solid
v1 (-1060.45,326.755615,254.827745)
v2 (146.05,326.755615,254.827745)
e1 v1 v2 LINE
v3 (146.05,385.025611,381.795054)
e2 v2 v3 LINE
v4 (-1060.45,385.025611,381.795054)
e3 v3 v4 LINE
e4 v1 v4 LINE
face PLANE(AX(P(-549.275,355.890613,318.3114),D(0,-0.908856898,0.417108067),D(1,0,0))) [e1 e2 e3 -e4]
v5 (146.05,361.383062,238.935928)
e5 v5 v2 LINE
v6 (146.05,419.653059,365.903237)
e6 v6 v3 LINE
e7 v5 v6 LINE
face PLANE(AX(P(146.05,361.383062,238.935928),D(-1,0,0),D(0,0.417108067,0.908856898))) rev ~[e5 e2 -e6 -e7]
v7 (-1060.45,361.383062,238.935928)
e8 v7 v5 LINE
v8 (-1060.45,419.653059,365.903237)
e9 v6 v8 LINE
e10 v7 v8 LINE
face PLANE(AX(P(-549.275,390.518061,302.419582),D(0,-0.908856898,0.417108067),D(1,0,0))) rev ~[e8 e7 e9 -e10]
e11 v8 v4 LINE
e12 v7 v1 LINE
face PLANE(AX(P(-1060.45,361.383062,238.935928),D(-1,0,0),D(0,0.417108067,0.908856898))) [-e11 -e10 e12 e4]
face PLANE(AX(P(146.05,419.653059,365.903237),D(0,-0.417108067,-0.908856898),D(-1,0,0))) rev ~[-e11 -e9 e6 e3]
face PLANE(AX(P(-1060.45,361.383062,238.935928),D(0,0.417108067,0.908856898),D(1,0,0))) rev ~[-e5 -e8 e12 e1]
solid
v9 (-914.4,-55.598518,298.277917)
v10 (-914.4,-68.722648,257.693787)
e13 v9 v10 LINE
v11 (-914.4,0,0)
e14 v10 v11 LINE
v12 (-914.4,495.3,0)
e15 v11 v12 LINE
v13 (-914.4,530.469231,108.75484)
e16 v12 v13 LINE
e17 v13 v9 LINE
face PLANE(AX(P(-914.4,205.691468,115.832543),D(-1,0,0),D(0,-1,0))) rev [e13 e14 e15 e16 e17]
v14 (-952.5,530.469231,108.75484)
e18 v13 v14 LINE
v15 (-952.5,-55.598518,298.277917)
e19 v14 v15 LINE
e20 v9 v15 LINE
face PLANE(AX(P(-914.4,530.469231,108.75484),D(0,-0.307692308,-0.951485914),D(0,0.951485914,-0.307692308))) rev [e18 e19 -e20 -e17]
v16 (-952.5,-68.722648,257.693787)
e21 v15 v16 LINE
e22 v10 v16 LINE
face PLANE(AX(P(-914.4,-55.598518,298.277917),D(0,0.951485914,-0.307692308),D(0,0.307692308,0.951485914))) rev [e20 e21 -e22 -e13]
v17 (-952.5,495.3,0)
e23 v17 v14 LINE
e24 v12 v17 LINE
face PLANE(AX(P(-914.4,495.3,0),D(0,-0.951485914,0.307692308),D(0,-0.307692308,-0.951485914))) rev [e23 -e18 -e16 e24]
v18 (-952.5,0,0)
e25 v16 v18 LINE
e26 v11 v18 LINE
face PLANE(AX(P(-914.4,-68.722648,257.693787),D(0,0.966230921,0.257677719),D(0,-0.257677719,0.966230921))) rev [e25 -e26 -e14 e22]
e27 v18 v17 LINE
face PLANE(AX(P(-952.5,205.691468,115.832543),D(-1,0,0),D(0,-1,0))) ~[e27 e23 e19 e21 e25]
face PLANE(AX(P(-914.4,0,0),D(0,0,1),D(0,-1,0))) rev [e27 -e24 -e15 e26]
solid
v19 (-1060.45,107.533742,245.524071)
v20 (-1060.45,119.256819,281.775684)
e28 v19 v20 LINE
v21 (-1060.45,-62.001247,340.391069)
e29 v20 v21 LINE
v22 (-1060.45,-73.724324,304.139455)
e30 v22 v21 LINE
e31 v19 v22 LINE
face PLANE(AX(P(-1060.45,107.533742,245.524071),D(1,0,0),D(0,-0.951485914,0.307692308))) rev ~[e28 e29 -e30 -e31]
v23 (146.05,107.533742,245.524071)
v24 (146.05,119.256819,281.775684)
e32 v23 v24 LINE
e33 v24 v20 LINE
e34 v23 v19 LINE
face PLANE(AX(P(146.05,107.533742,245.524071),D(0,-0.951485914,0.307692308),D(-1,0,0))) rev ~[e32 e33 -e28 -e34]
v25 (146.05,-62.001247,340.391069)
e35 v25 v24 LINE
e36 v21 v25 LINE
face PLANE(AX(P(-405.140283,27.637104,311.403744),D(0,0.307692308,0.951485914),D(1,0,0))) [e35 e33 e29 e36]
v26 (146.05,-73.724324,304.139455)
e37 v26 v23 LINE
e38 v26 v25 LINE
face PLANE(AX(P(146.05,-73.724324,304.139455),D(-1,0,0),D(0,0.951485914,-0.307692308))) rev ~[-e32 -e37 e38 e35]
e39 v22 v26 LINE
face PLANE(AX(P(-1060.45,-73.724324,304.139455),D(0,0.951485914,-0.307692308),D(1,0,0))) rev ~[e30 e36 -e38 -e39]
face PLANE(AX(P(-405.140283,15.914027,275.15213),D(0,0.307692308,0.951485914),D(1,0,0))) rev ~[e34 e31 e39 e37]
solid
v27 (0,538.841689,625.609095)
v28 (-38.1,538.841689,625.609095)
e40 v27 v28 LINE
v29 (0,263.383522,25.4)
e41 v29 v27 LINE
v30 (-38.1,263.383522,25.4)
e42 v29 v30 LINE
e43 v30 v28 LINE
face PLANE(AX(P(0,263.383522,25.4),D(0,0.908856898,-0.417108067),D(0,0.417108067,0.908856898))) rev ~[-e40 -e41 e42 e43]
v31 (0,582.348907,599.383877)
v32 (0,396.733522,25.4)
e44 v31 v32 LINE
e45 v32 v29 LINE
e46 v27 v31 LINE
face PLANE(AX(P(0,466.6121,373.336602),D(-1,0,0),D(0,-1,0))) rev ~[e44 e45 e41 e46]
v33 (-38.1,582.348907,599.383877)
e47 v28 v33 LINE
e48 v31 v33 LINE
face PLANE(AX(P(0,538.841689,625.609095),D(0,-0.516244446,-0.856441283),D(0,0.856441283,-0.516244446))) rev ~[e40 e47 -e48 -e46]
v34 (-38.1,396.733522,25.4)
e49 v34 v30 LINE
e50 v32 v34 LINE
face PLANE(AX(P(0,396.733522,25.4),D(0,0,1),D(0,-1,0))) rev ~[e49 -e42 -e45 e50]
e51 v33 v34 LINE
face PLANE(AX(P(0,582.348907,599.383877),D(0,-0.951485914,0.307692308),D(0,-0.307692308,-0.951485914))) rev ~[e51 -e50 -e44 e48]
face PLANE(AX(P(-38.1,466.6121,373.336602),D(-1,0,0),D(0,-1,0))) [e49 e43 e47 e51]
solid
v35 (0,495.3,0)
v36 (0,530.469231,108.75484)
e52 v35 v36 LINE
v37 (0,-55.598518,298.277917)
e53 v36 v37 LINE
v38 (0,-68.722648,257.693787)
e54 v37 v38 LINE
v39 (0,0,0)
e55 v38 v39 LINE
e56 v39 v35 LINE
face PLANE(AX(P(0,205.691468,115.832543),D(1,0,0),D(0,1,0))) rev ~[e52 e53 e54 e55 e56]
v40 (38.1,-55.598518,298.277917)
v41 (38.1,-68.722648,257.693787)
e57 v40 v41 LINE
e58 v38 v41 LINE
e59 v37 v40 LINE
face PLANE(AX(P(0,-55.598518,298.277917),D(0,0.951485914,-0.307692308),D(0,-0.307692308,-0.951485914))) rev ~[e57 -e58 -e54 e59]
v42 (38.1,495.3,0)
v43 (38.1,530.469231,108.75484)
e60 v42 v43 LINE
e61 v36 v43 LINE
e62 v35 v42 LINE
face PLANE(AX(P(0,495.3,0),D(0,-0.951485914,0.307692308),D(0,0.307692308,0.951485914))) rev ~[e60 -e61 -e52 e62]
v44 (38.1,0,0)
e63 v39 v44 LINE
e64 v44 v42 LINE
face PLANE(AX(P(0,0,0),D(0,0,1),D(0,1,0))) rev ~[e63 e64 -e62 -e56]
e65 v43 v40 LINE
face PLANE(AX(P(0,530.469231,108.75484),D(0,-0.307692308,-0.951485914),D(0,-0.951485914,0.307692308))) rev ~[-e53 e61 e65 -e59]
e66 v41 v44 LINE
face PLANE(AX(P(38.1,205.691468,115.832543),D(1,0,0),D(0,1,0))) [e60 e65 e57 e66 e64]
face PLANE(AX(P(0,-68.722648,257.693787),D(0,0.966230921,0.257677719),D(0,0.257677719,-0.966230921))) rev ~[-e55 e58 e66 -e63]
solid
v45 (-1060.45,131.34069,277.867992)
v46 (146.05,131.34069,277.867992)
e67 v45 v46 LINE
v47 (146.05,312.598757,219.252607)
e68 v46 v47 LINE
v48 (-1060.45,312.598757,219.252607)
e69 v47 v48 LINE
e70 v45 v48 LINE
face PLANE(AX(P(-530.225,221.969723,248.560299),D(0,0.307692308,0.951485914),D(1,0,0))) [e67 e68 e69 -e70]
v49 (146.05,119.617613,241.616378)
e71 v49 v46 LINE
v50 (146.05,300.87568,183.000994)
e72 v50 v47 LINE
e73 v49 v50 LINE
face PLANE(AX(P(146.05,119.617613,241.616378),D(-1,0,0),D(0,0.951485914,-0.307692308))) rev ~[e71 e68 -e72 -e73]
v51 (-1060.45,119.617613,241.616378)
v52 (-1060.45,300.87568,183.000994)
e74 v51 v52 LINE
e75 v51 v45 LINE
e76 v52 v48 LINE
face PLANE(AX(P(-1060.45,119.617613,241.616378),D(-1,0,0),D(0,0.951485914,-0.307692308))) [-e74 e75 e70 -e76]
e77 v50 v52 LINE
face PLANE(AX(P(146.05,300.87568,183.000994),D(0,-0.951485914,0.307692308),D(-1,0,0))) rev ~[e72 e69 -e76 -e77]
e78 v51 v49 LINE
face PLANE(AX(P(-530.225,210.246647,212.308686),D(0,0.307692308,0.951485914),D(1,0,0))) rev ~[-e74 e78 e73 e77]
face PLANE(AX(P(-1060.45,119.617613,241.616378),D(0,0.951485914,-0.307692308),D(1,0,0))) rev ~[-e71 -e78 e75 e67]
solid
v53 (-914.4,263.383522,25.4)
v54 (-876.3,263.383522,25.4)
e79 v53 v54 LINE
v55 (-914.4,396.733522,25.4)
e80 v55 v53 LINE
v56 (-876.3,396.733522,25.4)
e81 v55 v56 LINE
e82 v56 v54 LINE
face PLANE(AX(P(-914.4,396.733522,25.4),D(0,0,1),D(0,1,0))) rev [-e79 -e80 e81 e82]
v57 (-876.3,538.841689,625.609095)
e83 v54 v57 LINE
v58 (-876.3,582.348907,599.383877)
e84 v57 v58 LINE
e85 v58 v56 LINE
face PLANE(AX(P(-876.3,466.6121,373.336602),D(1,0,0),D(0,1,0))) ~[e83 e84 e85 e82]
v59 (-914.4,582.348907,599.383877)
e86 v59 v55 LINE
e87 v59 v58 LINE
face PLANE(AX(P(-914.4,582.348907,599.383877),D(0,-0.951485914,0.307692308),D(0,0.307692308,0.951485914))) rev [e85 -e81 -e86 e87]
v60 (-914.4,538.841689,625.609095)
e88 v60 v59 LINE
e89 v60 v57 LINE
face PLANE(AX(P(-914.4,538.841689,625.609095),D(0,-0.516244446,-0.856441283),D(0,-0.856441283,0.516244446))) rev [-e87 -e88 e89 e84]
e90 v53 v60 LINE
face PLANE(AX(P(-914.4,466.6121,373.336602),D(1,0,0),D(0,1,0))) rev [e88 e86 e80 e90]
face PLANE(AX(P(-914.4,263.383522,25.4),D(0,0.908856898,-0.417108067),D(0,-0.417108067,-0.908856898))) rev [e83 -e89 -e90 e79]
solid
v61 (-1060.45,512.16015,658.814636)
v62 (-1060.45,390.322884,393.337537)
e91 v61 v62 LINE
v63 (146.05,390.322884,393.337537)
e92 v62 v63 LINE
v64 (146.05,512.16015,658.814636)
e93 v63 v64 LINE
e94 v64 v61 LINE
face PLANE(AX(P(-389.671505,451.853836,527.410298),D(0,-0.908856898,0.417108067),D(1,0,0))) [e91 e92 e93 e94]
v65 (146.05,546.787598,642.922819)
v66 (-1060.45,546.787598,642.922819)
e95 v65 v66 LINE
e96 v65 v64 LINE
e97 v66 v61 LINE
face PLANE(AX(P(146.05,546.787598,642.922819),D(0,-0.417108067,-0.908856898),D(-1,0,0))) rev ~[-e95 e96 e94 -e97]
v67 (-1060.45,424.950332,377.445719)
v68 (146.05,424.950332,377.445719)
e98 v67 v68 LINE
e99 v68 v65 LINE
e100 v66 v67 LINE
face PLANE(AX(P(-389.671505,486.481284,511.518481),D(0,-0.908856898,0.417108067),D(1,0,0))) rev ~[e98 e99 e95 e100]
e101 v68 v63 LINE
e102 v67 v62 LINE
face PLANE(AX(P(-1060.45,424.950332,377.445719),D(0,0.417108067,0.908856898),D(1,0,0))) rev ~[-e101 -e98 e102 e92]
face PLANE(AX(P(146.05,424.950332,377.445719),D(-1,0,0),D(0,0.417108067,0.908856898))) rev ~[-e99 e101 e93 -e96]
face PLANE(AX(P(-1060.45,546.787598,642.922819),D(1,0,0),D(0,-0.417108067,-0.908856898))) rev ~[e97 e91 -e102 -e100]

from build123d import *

# Parameters (mm, degrees)
F1_DEPTH = 38.1
F3_DEPTH = 38.1
F6_W     = 38.1
F6_H     = 273.05
F7_DEPTH = 38.1
F6_W_2   = 1022.35
F6_H_2   = 139.7
F6_W_3   = 146.05
F8_W     = 38.1
F8_H     = 171.45
F9_DEPTH = 38.1
F8_W_2   = 1060.45
F8_H_2   = 190.5
F8_W_3   = 107.95


with BuildPart() as f1:
    # F0 (on Right) → F1 (new body)
    with BuildSketch(Plane.YZ):
        Polygon((-68.7226475372, 257.6937867227), (0, 0), (495.3, 0), (530.4692307692, 108.7548399249), (-55.5985177152, 298.277916848), align=None)
    extrude(amount=F1_DEPTH)


with BuildPart() as f3:
    # F2 (on face) → F3 (new body)
    with BuildSketch(Plane(origin=(0, 0, 0), x_dir=(0, -1, 0), z_dir=(-1, 0, 0))):
        Polygon((-433.7982619471, 140.0163783865), (-331.2104274496, 173.1913178011), (-538.8416894006, 625.6090952361), (-582.3489066006, 599.3838773817), align=None)
        Polygon((-396.7335219852, 25.4), (-263.3835219852, 25.4), (-331.2104274496, 173.1913178011), (-433.7982619471, 140.0163783865), align=None)
    extrude(amount=F3_DEPTH)


with BuildPart() as f5_1:
    # F5: instance of F1
    add(f1.part.mirror(Plane.YZ.offset(-457.2)))


with BuildPart() as f5_2:
    # F5: instance of F3
    add(f3.part.mirror(Plane.YZ.offset(-457.2)))


with BuildPart() as f7:
    # F6 (on face) → F7 (new body)
    with BuildSketch(Plane(origin=(0, 207.9313582565, -95.4273957995), x_dir=(1, 0, 0), z_dir=(0, -0.9088568977, 0.417108067))):
        Polygon((146.05, 812.3943569238), (-1060.45, 812.3943569238), (-1060.45, 520.2943569238), (-38.1, 520.2943569238), (-38.1, 793.3443569238), (0, 793.3443569238), (0, 520.2943569238), (146.05, 520.2943569238), align=None)
        with Locations((-19.05, 656.8193569238)):
            Rectangle(F6_W, F6_H)
    extrude(amount=F7_DEPTH)


with BuildPart() as f7b:
    # F6 (on face) → F7, piece 2 (new body)
    with BuildSketch(Plane(origin=(0, 207.9313582565, -95.4273957995), x_dir=(1, 0, 0), z_dir=(0, -0.9088568977, 0.417108067))):
        with Locations((-549.275, 437.7443569238)):
            Rectangle(F6_W_2, F6_H_2)
        with Locations((73.025, 437.7443569238)):
            Rectangle(F6_W_3, F6_H_2)
        with Locations((-19.05, 437.7443569238)):
            Rectangle(F6_W, F6_H_2)
    extrude(amount=F7_DEPTH)


with BuildPart() as f9:
    # F8 (on face) → F9 (new body)
    with BuildSketch(Plane(origin=(0, 82.0615384615, 253.7612931582), x_dir=(1, 0, 0), z_dir=(0, 0.3076923077, 0.9514859136))):
        Polygon((-1060.45, 26.7709730081), (-1060.45, -163.7290269919), (146.05, -163.7290269919), (146.05, 26.7709730081), (38.1, 26.7709730081), (38.1, -144.6790269919), (0, -144.6790269919), (0, 26.7709730081), align=None)
        with Locations((19.05, -58.9540269919)):
            Rectangle(F8_W, F8_H)
    extrude(amount=F9_DEPTH)


with BuildPart() as f9b:
    # F8 (on face) → F9, piece 2 (new body)
    with BuildSketch(Plane(origin=(0, 82.0615384615, 253.7612931582), x_dir=(1, 0, 0), z_dir=(0, 0.3076923077, 0.9514859136))):
        with Locations((-530.225, 134.7209730081)):
            Rectangle(F8_W_2, F8_H_2)
        with Locations((92.075, 134.7209730081)):
            Rectangle(F8_W_3, F8_H_2)
        with Locations((19.05, 134.7209730081)):
            Rectangle(F8_W, F8_H_2)
    extrude(amount=F9_DEPTH)


solid = Compound([f1.part, f3.part, f5_1.part, f5_2.part, f7.part, f7b.part, f9.part, f9b.part])
